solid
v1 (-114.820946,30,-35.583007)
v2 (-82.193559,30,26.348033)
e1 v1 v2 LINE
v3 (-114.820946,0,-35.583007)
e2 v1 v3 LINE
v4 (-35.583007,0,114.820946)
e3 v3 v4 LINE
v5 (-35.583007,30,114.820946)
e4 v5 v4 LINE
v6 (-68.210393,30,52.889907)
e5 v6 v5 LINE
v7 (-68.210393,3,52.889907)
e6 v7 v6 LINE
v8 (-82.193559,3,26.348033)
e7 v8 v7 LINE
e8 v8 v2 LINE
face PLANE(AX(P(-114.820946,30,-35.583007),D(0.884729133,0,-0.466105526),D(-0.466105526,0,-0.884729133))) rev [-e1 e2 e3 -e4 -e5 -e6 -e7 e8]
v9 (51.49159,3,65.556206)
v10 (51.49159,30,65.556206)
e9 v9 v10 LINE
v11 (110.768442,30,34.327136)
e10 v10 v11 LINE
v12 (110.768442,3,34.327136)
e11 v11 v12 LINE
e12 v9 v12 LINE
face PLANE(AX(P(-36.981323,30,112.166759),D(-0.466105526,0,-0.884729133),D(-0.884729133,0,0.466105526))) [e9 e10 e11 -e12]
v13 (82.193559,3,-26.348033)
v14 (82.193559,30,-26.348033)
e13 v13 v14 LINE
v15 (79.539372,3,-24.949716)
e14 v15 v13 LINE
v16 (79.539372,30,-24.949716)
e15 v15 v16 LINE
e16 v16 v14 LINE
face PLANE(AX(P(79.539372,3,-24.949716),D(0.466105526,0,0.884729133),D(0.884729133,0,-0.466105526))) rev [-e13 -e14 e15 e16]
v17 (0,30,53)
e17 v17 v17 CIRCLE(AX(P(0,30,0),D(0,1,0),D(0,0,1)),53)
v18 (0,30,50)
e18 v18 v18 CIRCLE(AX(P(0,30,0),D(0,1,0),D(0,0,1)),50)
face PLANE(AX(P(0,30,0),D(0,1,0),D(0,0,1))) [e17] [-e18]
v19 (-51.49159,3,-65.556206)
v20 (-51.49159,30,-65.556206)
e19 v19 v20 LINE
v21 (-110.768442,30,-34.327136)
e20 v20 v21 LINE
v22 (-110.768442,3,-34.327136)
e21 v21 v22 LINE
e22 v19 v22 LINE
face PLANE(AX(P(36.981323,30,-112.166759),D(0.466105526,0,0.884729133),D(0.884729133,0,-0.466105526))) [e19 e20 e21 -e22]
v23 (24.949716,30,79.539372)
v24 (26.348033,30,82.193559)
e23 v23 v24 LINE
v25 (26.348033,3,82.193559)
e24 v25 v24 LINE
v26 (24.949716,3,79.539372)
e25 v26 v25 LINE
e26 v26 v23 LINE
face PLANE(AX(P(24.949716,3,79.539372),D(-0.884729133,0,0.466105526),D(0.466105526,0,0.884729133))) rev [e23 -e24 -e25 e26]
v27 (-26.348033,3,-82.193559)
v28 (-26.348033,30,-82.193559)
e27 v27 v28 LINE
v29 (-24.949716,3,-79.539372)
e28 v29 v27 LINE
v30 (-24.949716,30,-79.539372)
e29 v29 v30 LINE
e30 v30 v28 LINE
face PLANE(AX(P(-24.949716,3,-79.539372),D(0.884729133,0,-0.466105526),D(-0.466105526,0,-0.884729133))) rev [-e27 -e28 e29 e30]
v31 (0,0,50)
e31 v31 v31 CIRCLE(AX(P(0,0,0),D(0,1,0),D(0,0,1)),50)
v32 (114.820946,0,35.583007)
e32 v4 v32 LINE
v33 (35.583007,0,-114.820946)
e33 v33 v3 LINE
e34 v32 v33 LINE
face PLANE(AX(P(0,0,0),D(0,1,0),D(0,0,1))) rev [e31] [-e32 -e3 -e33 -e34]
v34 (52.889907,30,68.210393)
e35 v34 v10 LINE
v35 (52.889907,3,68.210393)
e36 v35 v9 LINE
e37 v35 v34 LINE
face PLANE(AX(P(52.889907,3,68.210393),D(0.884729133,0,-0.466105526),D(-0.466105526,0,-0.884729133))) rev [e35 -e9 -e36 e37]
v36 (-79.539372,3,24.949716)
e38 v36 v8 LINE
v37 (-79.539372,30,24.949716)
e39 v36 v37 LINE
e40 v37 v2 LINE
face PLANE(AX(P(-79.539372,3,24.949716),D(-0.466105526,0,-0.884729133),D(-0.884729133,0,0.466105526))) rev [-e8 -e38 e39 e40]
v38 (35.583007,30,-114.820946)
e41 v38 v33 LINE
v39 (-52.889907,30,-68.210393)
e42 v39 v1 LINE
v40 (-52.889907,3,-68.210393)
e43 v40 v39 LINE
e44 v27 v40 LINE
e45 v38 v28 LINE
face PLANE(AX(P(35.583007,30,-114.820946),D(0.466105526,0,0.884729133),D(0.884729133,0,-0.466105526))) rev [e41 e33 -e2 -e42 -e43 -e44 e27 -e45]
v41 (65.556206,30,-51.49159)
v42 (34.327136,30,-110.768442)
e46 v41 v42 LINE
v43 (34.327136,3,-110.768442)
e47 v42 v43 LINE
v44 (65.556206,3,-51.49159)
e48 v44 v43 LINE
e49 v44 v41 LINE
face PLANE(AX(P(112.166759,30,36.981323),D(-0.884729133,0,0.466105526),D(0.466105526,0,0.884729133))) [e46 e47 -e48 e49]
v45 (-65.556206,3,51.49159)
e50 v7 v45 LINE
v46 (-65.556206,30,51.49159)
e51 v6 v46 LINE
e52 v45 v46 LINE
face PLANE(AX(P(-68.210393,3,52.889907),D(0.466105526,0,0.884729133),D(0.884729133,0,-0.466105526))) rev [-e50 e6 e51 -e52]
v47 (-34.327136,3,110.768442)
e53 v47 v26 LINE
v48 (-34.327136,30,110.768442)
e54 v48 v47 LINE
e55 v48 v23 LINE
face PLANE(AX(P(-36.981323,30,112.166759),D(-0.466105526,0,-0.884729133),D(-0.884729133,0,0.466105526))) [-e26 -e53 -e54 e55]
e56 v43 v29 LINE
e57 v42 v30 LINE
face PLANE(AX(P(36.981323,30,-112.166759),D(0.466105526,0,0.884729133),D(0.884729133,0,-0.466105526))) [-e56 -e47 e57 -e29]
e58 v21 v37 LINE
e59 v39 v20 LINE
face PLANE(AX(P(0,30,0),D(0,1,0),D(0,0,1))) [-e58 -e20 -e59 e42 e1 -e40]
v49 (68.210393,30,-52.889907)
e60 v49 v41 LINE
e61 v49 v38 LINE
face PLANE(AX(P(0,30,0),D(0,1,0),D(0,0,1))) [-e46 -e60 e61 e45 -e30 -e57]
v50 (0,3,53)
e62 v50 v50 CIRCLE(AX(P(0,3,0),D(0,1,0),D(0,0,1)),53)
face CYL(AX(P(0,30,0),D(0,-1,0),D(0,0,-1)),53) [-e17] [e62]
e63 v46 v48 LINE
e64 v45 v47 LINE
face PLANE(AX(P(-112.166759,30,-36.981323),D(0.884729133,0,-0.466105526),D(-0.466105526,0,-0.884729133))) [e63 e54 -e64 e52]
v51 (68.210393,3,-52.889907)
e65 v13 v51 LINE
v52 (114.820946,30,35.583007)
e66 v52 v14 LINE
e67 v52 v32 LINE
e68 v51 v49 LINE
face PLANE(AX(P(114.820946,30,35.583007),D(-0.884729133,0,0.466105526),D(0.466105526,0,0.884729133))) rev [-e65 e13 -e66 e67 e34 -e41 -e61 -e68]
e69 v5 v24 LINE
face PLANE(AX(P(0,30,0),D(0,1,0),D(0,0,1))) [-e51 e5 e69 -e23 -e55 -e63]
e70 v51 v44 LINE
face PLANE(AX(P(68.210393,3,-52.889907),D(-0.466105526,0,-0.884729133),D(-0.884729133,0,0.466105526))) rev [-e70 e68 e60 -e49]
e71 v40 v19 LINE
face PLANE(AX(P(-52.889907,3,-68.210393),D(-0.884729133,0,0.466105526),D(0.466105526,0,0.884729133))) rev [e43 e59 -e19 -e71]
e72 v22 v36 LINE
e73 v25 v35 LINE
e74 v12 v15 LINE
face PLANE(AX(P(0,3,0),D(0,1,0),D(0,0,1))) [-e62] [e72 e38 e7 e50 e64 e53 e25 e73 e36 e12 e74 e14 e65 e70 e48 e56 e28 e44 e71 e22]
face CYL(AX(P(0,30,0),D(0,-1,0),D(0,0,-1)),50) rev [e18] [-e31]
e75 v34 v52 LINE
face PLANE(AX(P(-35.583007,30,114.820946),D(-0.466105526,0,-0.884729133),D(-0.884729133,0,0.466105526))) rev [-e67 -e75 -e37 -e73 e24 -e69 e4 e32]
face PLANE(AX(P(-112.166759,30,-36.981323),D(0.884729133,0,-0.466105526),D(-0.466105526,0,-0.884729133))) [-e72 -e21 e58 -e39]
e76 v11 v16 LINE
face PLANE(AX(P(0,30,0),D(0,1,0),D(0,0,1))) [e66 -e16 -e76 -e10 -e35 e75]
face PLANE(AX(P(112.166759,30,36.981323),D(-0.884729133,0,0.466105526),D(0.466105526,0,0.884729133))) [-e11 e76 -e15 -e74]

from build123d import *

# Parameters (mm, degrees)
SKETCH2_R           = 50
BOSS_EXTRUDE1_DEPTH = 30
SHELL1_T            = -3
CUT_EXTRUDE3_DEPTH  = 27


with BuildPart() as part:
    # Sketch2 → Boss-Extrude1 (new body)
    with BuildSketch(Plane(origin=(0, 0, 0), x_dir=(1, 0, 0), z_dir=(0, 1, 0))):
        Polygon((-35.583006561, -114.820946016), (114.820946016, -35.583006561), (35.583006561, 114.820946016), (-114.820946016, 35.583006561), align=None)
        with Locations(Location((0, 0, 0), (0, 0, 270))):
            Circle(SKETCH2_R, mode=Mode.SUBTRACT)
    extrude(amount=BOSS_EXTRUDE1_DEPTH)

    # Shell1
    shell1_openings = [part.faces().sort_by_distance(p)[0] for p in [
        (38.105232938, 30, 72.328706262),
    ]]
    offset(amount=SHELL1_T, openings=shell1_openings, kind=Kind.INTERSECTION)

    # Sketch7 → Cut-Extrude3 (cut)
    with BuildSketch(Plane(origin=(0, 30, 0), x_dir=(1, 0, 0), z_dir=(0, 1, 0))):
        Polygon((79.539371783, 24.949716157), (82.193559182, 26.348032736), (68.210393395, 52.88990672), (65.556205997, 51.491590141), align=None)
        Polygon((51.491590141, -65.556205997), (24.949716157, -79.539371783), (26.348032736, -82.193559182), (52.88990672, -68.210393395), align=None)
        Polygon((-65.556205997, -51.491590141), (-79.539371783, -24.949716157), (-82.193559182, -26.348032736), (-68.210393395, -52.88990672), align=None)
        Polygon((-51.491590141, 65.556205997), (-24.949716157, 79.539371783), (-26.348032736, 82.193559182), (-52.88990672, 68.210393395), align=None)
    extrude(amount=-CUT_EXTRUDE3_DEPTH, mode=Mode.SUBTRACT)


solid = part.part
